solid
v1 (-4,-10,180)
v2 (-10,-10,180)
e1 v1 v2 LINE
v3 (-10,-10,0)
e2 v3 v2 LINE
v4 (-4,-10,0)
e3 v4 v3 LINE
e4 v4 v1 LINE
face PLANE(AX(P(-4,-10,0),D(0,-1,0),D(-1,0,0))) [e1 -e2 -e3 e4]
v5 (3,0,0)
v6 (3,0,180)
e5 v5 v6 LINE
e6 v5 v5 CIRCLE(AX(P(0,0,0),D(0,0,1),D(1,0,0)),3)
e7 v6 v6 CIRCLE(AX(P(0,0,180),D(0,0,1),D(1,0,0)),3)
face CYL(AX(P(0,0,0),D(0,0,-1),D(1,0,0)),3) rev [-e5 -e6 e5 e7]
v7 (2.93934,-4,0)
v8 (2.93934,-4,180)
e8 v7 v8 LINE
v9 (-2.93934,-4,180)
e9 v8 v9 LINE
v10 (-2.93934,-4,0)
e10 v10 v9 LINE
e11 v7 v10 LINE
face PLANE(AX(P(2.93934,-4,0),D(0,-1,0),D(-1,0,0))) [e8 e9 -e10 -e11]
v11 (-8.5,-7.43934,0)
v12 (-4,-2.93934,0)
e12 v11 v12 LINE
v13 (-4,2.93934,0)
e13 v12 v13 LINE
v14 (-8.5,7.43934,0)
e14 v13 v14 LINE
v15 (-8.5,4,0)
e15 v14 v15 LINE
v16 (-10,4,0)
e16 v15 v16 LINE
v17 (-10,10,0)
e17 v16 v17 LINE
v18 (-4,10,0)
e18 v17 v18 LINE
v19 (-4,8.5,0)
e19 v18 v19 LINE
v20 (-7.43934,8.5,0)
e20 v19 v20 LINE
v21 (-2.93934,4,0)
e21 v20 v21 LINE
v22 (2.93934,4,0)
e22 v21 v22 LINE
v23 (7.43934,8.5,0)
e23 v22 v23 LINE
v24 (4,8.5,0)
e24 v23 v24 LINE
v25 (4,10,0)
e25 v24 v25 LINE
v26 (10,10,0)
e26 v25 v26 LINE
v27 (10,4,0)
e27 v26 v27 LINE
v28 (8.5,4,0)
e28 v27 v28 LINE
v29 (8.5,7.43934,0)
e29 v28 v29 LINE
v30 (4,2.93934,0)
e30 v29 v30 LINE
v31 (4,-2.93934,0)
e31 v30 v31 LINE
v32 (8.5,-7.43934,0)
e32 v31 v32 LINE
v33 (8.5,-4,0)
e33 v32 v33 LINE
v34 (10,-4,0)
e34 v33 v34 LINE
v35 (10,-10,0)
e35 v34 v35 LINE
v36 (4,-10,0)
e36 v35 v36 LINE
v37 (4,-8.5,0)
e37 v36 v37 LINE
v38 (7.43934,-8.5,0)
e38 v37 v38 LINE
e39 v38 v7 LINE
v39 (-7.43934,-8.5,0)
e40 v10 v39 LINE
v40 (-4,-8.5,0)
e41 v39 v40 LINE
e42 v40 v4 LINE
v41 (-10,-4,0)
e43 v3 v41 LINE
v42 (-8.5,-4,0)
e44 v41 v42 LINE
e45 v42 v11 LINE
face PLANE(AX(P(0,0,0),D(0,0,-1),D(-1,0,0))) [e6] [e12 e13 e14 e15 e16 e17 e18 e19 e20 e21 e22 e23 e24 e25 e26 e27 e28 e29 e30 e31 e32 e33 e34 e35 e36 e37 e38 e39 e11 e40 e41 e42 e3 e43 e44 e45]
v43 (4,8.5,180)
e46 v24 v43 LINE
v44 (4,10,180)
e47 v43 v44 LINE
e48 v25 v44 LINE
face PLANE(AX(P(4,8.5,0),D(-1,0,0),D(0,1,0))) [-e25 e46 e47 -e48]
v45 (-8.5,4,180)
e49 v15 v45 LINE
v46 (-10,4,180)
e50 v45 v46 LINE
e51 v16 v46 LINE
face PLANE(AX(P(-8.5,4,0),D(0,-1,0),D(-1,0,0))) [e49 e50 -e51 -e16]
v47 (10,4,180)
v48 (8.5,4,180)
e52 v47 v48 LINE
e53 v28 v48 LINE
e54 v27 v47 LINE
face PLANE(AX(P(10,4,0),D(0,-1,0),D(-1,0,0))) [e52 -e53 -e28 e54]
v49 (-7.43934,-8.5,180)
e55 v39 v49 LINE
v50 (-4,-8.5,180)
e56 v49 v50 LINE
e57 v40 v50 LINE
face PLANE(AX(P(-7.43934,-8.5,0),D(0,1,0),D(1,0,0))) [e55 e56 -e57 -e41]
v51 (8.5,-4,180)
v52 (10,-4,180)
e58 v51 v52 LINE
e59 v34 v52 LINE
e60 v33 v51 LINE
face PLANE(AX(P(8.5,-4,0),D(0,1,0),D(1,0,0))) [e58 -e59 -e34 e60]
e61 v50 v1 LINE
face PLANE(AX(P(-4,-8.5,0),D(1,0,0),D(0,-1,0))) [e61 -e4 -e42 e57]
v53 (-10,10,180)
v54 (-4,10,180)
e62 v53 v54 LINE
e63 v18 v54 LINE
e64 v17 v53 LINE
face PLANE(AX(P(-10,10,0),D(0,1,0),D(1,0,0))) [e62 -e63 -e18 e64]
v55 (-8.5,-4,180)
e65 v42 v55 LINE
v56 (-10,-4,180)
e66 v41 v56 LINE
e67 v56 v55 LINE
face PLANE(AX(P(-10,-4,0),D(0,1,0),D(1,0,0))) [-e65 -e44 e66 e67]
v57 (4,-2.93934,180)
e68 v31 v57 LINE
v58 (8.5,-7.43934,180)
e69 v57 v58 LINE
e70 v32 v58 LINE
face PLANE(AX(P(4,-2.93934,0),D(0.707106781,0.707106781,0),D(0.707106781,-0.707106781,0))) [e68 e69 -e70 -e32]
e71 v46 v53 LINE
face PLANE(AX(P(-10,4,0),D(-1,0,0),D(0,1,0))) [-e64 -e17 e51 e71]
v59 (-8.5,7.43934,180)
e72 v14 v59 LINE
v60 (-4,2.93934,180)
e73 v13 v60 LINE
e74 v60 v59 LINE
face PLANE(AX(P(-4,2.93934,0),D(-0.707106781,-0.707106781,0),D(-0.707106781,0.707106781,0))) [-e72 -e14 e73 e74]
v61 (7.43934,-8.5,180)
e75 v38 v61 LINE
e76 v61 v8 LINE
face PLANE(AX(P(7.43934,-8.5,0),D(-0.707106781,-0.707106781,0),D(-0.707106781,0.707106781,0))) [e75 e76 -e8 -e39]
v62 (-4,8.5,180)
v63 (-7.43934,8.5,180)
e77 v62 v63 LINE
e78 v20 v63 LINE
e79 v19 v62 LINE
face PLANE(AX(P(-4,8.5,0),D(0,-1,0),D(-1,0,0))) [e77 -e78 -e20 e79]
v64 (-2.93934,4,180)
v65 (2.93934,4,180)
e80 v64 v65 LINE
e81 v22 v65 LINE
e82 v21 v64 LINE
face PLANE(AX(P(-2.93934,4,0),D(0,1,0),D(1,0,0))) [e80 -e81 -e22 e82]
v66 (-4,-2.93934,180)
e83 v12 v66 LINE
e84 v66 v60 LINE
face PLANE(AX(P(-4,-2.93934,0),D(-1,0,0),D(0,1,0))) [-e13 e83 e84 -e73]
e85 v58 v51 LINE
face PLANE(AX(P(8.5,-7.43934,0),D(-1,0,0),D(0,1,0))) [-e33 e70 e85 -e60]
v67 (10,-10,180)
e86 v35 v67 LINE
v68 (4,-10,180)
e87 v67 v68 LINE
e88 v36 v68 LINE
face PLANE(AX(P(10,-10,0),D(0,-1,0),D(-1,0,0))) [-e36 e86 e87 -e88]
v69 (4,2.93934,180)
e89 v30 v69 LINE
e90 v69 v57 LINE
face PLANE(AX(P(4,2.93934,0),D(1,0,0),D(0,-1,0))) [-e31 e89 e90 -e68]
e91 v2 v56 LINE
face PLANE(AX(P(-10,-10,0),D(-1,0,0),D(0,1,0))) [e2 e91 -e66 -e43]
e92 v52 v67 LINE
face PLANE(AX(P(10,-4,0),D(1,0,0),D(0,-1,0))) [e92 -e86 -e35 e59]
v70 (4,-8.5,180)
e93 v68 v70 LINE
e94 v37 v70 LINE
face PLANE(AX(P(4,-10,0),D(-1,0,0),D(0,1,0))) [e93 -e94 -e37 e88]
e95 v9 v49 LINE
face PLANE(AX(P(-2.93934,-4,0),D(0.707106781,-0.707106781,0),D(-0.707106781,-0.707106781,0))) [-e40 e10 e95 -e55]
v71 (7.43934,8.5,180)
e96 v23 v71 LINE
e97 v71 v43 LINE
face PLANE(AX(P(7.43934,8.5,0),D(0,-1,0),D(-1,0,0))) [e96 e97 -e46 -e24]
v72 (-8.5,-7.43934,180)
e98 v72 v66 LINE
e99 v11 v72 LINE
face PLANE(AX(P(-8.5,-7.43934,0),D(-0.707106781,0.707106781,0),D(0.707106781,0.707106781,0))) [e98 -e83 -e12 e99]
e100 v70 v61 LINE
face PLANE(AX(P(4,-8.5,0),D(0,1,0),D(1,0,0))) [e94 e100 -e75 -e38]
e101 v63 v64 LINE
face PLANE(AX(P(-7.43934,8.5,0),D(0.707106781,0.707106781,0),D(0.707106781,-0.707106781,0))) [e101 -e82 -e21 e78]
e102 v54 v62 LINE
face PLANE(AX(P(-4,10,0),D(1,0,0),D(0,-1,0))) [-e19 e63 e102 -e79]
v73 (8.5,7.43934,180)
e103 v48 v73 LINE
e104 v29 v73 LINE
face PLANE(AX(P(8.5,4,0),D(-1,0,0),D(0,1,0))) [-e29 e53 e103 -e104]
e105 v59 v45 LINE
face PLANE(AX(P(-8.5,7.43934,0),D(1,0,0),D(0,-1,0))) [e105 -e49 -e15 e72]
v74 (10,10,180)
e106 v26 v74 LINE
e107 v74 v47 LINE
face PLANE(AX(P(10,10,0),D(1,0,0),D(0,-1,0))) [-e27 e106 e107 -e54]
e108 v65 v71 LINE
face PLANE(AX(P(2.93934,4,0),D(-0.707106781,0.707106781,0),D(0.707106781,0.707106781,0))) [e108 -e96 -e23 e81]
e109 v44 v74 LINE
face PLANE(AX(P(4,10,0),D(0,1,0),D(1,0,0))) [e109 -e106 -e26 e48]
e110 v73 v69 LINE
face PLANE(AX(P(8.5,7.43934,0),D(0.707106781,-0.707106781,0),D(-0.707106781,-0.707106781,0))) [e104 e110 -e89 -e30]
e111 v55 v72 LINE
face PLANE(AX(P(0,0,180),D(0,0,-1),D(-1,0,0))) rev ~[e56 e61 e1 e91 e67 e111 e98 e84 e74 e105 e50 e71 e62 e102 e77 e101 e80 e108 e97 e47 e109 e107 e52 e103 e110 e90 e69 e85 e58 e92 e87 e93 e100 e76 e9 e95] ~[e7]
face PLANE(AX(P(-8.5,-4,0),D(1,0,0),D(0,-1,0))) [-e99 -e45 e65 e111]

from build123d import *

# Parameters (mm, degrees)
ESBO_O1_R                = 3
RESSALTO_EXTRUS_O1_DEPTH = 180


with BuildPart() as part:
    # Esboço1 → Ressalto-extrusão1 (new body)
    with BuildSketch(Plane.XY):
        Polygon((-2.939339828, 4), (2.939339828, 4), (7.439339828, 8.5), (4, 8.5), (4, 10), (10, 10), (10, 4), (8.5, 4), (8.5, 7.439339828), (4, 2.939339828), (4, -2.939339828), (8.5, -7.439339828), (8.5, -4), (10, -4), (10, -10), (4, -10), (4, -8.5), (7.439339828, -8.5), (2.939339828, -4), (-2.939339828, -4), (-7.439339828, -8.5), (-4, -8.5), (-4, -10), (-10, -10), (-10, -4), (-8.5, -4), (-8.5, -7.439339828), (-4, -2.939339828), (-4, 2.939339828), (-8.5, 7.439339828), (-8.5, 4), (-10, 4), (-10, 10), (-4, 10), (-4, 8.5), (-7.439339828, 8.5), align=None)
        Circle(ESBO_O1_R, mode=Mode.SUBTRACT)
    extrude(amount=RESSALTO_EXTRUS_O1_DEPTH)


solid = part.part
